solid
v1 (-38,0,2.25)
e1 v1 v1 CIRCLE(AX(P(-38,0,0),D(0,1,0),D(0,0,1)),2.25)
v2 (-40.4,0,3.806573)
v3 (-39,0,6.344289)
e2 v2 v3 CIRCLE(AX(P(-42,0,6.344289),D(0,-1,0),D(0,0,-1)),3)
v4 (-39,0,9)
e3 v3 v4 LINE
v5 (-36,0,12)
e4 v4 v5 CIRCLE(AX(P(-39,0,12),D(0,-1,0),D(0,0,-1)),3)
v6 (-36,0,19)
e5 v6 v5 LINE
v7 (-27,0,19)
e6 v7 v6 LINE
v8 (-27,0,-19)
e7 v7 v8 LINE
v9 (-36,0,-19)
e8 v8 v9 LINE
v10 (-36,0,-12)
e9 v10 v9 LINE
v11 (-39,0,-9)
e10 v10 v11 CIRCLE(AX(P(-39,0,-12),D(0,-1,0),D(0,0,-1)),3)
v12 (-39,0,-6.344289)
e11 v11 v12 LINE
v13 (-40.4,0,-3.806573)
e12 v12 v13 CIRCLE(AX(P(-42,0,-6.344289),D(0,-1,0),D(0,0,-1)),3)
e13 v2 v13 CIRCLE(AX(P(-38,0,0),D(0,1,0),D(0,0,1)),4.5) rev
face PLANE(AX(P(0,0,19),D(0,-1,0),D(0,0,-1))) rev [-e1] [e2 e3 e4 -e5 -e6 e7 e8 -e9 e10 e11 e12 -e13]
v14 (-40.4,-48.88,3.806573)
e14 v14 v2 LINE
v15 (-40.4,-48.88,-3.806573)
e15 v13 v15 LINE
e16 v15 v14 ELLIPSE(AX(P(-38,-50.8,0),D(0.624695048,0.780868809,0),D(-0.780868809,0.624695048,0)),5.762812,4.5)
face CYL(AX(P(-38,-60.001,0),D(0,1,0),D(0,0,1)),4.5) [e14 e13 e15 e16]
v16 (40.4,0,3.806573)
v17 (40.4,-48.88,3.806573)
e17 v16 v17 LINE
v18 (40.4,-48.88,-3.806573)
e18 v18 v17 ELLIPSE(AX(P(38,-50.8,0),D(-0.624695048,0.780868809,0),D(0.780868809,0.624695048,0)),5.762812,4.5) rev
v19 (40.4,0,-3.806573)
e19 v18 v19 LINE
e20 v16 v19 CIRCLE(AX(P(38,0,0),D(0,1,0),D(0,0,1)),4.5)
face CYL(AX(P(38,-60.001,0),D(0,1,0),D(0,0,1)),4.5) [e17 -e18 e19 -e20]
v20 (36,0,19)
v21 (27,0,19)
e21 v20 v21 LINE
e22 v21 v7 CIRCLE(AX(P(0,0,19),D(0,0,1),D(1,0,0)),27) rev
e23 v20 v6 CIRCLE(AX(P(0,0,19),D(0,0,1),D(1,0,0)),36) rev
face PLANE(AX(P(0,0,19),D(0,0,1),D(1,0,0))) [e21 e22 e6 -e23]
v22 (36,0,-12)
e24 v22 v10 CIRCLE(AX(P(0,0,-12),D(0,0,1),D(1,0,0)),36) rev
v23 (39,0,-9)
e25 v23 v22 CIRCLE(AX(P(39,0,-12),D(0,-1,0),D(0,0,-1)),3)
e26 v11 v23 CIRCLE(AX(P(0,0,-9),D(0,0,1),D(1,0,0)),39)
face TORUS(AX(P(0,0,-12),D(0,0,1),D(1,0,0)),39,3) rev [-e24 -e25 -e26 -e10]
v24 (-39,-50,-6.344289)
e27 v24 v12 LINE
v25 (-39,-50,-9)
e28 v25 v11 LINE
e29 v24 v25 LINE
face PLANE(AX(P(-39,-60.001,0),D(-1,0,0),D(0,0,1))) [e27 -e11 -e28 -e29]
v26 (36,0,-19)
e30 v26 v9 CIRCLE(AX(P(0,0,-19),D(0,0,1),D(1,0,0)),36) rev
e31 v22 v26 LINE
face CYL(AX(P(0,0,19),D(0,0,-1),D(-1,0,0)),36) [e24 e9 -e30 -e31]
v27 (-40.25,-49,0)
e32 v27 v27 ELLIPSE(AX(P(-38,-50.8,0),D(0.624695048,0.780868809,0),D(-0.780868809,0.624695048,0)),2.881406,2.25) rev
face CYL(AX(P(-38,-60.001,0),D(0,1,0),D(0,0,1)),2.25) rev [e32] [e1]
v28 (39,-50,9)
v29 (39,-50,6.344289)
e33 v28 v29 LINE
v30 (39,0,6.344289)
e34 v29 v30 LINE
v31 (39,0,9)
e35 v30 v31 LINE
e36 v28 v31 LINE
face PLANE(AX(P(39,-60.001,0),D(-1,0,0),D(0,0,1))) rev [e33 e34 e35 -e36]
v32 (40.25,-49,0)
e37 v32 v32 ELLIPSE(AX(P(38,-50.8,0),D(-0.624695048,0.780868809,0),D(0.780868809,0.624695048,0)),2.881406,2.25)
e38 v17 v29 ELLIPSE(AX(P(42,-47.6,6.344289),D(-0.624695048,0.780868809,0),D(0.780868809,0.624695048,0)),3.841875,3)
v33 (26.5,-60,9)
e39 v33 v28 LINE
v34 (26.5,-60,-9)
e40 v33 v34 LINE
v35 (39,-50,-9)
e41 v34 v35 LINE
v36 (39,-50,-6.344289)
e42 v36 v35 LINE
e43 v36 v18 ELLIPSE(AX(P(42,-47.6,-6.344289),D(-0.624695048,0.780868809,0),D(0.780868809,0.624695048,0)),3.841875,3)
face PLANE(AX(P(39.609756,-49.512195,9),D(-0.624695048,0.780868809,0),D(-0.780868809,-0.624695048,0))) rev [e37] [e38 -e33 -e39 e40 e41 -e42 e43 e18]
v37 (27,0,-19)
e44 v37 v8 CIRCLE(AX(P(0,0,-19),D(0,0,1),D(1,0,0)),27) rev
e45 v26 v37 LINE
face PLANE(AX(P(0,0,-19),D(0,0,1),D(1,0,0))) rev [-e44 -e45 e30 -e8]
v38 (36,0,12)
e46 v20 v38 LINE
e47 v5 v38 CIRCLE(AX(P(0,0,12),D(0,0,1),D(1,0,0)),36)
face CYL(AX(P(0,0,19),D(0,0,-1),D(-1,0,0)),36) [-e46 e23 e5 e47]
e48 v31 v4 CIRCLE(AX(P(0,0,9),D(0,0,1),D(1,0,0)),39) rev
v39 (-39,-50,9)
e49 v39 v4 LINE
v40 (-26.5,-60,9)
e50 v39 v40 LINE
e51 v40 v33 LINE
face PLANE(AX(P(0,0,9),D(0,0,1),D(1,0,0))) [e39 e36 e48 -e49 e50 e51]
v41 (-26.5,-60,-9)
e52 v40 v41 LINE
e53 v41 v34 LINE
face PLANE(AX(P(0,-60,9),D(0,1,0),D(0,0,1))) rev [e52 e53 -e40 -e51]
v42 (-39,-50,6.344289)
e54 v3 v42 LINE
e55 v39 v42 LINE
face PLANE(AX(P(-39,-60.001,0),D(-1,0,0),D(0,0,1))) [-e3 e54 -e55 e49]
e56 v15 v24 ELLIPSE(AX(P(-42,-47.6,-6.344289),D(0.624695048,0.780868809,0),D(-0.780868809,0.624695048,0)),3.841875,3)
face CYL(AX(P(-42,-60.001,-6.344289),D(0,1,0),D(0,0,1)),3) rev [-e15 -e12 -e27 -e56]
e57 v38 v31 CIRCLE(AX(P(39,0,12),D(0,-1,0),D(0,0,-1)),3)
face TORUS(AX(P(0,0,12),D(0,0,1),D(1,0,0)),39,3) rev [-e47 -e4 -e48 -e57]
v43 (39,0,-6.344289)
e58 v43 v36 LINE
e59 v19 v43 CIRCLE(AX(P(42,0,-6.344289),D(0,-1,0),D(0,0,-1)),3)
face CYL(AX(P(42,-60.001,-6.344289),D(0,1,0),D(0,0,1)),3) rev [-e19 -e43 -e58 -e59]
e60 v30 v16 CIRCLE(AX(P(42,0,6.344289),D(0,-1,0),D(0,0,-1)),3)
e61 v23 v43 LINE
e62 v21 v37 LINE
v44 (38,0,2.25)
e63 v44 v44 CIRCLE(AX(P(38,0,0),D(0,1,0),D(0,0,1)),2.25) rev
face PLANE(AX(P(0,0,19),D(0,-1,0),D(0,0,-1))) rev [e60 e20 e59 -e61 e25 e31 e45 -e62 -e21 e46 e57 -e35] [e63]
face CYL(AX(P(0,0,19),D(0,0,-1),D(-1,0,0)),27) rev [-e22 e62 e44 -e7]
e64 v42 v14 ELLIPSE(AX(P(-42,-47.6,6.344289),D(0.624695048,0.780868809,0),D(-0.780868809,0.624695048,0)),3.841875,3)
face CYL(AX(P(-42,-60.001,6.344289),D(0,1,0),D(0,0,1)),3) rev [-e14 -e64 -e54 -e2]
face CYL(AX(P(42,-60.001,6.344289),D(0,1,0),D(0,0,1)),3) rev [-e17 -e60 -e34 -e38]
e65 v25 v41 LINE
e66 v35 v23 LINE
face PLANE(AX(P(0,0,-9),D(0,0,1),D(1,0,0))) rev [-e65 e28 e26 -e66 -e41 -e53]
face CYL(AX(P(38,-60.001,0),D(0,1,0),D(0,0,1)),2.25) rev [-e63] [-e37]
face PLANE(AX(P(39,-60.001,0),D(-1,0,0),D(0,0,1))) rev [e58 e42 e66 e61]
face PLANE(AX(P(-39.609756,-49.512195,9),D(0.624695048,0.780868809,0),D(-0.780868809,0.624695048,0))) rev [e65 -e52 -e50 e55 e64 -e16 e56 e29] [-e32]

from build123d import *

# Parameters (mm, degrees)
BOSS_EXTRUDE1_DEPTH = 19
BOSS_EXTRUDE2_DEPTH = 9
FILLET5_R           = 3
CUT_EXTRUDE2_REACH  = 83.322
FILLET6_R           = 3


with BuildPart() as part:
    # Sketch1 → Boss-Extrude1 (new, symmetric)
    with BuildSketch(Plane.XY):
        with BuildLine():
            ThreePointArc((27, 0), (0, -27), (-27, 0))
            Line((-27, 0), (-36, 0))
            ThreePointArc((-36, 0), (0, -36), (36, 0))
            Line((36, 0), (27, 0))
        make_face()
    extrude(amount=BOSS_EXTRUDE1_DEPTH, both=True)

    # Sketch1<3> → Boss-Extrude2 (add, symmetric)
    with BuildSketch(Plane.XY):
        Polygon((-51.5, 0), (-39, 0), (-39, -50), (-51.5, -40), align=None)
        Polygon((39, -50), (51.5, -40), (51.5, 0), (39, 0), align=None)
        with BuildLine():
            ThreePointArc((36, 0), (0, -36), (-36, 0))
            Line((-36, 0), (-39, 0))
            Line((-39, 0), (-39, -50))
            Line((-39, -50), (-26.5, -60))
            Line((-26.5, -60), (26.5, -60))
            Line((26.5, -60), (39, -50))
            Line((39, -50), (39, 0))
            Line((39, 0), (36, 0))
        make_face()
    extrude(amount=BOSS_EXTRUDE2_DEPTH, both=True)

    # Fillet5
    fillet5_edges = [part.edges().sort_by_distance(p)[0] for p in [
        (0, -36, -9),
        (0, -36, 9),
    ]]
    fillet(fillet5_edges, radius=FILLET5_R)

    # Sketch2 → Cut-Extrude2 (cut, up to next)
    with BuildSketch(Plane(origin=(0, 0, 0), x_dir=(1, 0, 0), z_dir=(0, 1, 0)), mode=Mode.PRIVATE) as cut_extrude2_sk1:
        with BuildLine():
            Line((-39, 4.387482194), (-39, 9))
            Line((-39, 9), (-51.5, 9))
            Line((-51.5, 9), (-51.5, -9))
            Line((-51.5, -9), (-39, -9))
            Line((-39, -9), (-39, -4.387482194))
            ThreePointArc((-39, -4.387482194), (-42.5, 0), (-39, 4.387482194))
        make_face()
    cut_extrude2_tool1 = extrude(cut_extrude2_sk1.sketch, amount=-CUT_EXTRUDE2_REACH, mode=Mode.PRIVATE) & part.part
    # Sketch2 → Cut-Extrude2 (cut, up to next)
    with BuildSketch(Plane(origin=(0, 0, 0), x_dir=(1, 0, 0), z_dir=(0, 1, 0)), mode=Mode.PRIVATE) as cut_extrude2_sk2:
        with BuildLine():
            Line((51.5, 9), (39, 9))
            Line((39, 9), (39, 4.387482194))
            ThreePointArc((39, 4.387482194), (42.5, 0), (39, -4.387482194))
            Line((39, -4.387482194), (39, -9))
            Line((39, -9), (51.5, -9))
            Line((51.5, -9), (51.5, 9))
        make_face()
    cut_extrude2_tool2 = extrude(cut_extrude2_sk2.sketch, amount=-CUT_EXTRUDE2_REACH, mode=Mode.PRIVATE) & part.part
    # Sketch2 → Cut-Extrude2 (cut, up to next)
    with BuildSketch(Plane(origin=(0, 0, 0), x_dir=(1, 0, 0), z_dir=(0, 1, 0)), mode=Mode.PRIVATE) as cut_extrude2_sk3:
        with BuildLine():
            ThreePointArc((40.25, 0), (39.912132318, 1.185854123), (39, 2.015564437))
            Line((39, 2.015564437), (39, -2.015564437))
            ThreePointArc((39, -2.015564437), (39.912132318, -1.185854123), (40.25, 0))
        make_face()
    cut_extrude2_tool3 = extrude(cut_extrude2_sk3.sketch, amount=-CUT_EXTRUDE2_REACH, mode=Mode.PRIVATE) & part.part
    # Sketch2 → Cut-Extrude2 (cut, up to next)
    with BuildSketch(Plane(origin=(0, 0, 0), x_dir=(1, 0, 0), z_dir=(0, 1, 0)), mode=Mode.PRIVATE) as cut_extrude2_sk4:
        with BuildLine():
            Line((39, -2.015564437), (39, 2.015564437))
            ThreePointArc((39, 2.015564437), (35.75, 0), (39, -2.015564437))
        make_face()
    cut_extrude2_tool4 = extrude(cut_extrude2_sk4.sketch, amount=-CUT_EXTRUDE2_REACH, mode=Mode.PRIVATE) & part.part
    # Sketch2 → Cut-Extrude2 (cut, up to next)
    with BuildSketch(Plane(origin=(0, 0, 0), x_dir=(1, 0, 0), z_dir=(0, 1, 0)), mode=Mode.PRIVATE) as cut_extrude2_sk5:
        with BuildLine():
            ThreePointArc((-35.75, 0), (-36.814145877, 1.912132318), (-39, 2.015564437))
            Line((-39, 2.015564437), (-39, -2.015564437))
            ThreePointArc((-39, -2.015564437), (-36.814145877, -1.912132318), (-35.75, 0))
        make_face()
    cut_extrude2_tool5 = extrude(cut_extrude2_sk5.sketch, amount=-CUT_EXTRUDE2_REACH, mode=Mode.PRIVATE) & part.part
    # Sketch2 → Cut-Extrude2 (cut, up to next)
    with BuildSketch(Plane(origin=(0, 0, 0), x_dir=(1, 0, 0), z_dir=(0, 1, 0)), mode=Mode.PRIVATE) as cut_extrude2_sk6:
        with BuildLine():
            Line((-39, -2.015564437), (-39, 2.015564437))
            ThreePointArc((-39, 2.015564437), (-40.25, 0), (-39, -2.015564437))
        make_face()
    cut_extrude2_tool6 = extrude(cut_extrude2_sk6.sketch, amount=-CUT_EXTRUDE2_REACH, mode=Mode.PRIVATE) & part.part
    # Sketch2 → Cut-Extrude2 (cut, up to next)
    with BuildSketch(Plane(origin=(0, 0, 0), x_dir=(1, 0, 0), z_dir=(0, 1, 0)), mode=Mode.PRIVATE) as cut_extrude2_sk7:
        with BuildLine():
            ThreePointArc((-35.75, 0), (-36.814145877, 1.912132318), (-39, 2.015564437))
            Line((-39, 2.015564437), (-39, -2.015564437))
            ThreePointArc((-39, -2.015564437), (-36.814145877, -1.912132318), (-35.75, 0))
        make_face()
    cut_extrude2_tool7 = extrude(cut_extrude2_sk7.sketch, amount=-CUT_EXTRUDE2_REACH, mode=Mode.PRIVATE) & part.part
    # Sketch2 → Cut-Extrude2 (cut, up to next)
    with BuildSketch(Plane(origin=(0, 0, 0), x_dir=(1, 0, 0), z_dir=(0, 1, 0)), mode=Mode.PRIVATE) as cut_extrude2_sk8:
        with BuildLine():
            Line((-39, -2.015564437), (-39, 2.015564437))
            ThreePointArc((-39, 2.015564437), (-40.25, 0), (-39, -2.015564437))
        make_face()
    cut_extrude2_tool8 = extrude(cut_extrude2_sk8.sketch, amount=-CUT_EXTRUDE2_REACH, mode=Mode.PRIVATE) & part.part
    # Sketch2 → Cut-Extrude2 (cut, up to next)
    with BuildSketch(Plane(origin=(0, 0, 0), x_dir=(1, 0, 0), z_dir=(0, 1, 0)), mode=Mode.PRIVATE) as cut_extrude2_sk9:
        with BuildLine():
            ThreePointArc((40.25, 0), (39.912132318, 1.185854123), (39, 2.015564437))
            Line((39, 2.015564437), (39, -2.015564437))
            ThreePointArc((39, -2.015564437), (39.912132318, -1.185854123), (40.25, 0))
        make_face()
    cut_extrude2_tool9 = extrude(cut_extrude2_sk9.sketch, amount=-CUT_EXTRUDE2_REACH, mode=Mode.PRIVATE) & part.part
    # Sketch2 → Cut-Extrude2 (cut, up to next)
    with BuildSketch(Plane(origin=(0, 0, 0), x_dir=(1, 0, 0), z_dir=(0, 1, 0)), mode=Mode.PRIVATE) as cut_extrude2_sk10:
        with BuildLine():
            Line((39, -2.015564437), (39, 2.015564437))
            ThreePointArc((39, 2.015564437), (35.75, 0), (39, -2.015564437))
        make_face()
    cut_extrude2_tool10 = extrude(cut_extrude2_sk10.sketch, amount=-CUT_EXTRUDE2_REACH, mode=Mode.PRIVATE) & part.part
    add(cut_extrude2_tool1.solids().sort_by_distance((-45.792249, 0, 0))[0], mode=Mode.SUBTRACT)
    add(cut_extrude2_tool2.solids().sort_by_distance((45.792249, 0, 0))[0], mode=Mode.SUBTRACT)
    add(cut_extrude2_tool3.solids().sort_by_distance((39.51422, 0, 0))[0], mode=Mode.SUBTRACT)
    add(cut_extrude2_tool4.solids().sort_by_distance((37.556167, 0, 0))[0], mode=Mode.SUBTRACT)
    add(cut_extrude2_tool5.solids().sort_by_distance((-37.556167, 0, 0))[0], mode=Mode.SUBTRACT)
    add(cut_extrude2_tool6.solids().sort_by_distance((-39.51422, 0, 0))[0], mode=Mode.SUBTRACT)
    add(cut_extrude2_tool7.solids().sort_by_distance((-37.556167, 0, 0))[0], mode=Mode.SUBTRACT)
    add(cut_extrude2_tool8.solids().sort_by_distance((-39.51422, 0, 0))[0], mode=Mode.SUBTRACT)
    add(cut_extrude2_tool9.solids().sort_by_distance((39.51422, 0, 0))[0], mode=Mode.SUBTRACT)
    add(cut_extrude2_tool10.solids().sort_by_distance((37.556167, 0, 0))[0], mode=Mode.SUBTRACT)

    # Fillet6
    fillet6_edges = [part.edges().sort_by_distance(p)[0] for p in [
        (-39, -25, 4.387482194),
        (-39, -25, -4.387482194),
        (39, -25, -4.387482194),
        (39, -25, 4.387482194),
    ]]
    fillet(fillet6_edges, radius=FILLET6_R)


solid = part.part
